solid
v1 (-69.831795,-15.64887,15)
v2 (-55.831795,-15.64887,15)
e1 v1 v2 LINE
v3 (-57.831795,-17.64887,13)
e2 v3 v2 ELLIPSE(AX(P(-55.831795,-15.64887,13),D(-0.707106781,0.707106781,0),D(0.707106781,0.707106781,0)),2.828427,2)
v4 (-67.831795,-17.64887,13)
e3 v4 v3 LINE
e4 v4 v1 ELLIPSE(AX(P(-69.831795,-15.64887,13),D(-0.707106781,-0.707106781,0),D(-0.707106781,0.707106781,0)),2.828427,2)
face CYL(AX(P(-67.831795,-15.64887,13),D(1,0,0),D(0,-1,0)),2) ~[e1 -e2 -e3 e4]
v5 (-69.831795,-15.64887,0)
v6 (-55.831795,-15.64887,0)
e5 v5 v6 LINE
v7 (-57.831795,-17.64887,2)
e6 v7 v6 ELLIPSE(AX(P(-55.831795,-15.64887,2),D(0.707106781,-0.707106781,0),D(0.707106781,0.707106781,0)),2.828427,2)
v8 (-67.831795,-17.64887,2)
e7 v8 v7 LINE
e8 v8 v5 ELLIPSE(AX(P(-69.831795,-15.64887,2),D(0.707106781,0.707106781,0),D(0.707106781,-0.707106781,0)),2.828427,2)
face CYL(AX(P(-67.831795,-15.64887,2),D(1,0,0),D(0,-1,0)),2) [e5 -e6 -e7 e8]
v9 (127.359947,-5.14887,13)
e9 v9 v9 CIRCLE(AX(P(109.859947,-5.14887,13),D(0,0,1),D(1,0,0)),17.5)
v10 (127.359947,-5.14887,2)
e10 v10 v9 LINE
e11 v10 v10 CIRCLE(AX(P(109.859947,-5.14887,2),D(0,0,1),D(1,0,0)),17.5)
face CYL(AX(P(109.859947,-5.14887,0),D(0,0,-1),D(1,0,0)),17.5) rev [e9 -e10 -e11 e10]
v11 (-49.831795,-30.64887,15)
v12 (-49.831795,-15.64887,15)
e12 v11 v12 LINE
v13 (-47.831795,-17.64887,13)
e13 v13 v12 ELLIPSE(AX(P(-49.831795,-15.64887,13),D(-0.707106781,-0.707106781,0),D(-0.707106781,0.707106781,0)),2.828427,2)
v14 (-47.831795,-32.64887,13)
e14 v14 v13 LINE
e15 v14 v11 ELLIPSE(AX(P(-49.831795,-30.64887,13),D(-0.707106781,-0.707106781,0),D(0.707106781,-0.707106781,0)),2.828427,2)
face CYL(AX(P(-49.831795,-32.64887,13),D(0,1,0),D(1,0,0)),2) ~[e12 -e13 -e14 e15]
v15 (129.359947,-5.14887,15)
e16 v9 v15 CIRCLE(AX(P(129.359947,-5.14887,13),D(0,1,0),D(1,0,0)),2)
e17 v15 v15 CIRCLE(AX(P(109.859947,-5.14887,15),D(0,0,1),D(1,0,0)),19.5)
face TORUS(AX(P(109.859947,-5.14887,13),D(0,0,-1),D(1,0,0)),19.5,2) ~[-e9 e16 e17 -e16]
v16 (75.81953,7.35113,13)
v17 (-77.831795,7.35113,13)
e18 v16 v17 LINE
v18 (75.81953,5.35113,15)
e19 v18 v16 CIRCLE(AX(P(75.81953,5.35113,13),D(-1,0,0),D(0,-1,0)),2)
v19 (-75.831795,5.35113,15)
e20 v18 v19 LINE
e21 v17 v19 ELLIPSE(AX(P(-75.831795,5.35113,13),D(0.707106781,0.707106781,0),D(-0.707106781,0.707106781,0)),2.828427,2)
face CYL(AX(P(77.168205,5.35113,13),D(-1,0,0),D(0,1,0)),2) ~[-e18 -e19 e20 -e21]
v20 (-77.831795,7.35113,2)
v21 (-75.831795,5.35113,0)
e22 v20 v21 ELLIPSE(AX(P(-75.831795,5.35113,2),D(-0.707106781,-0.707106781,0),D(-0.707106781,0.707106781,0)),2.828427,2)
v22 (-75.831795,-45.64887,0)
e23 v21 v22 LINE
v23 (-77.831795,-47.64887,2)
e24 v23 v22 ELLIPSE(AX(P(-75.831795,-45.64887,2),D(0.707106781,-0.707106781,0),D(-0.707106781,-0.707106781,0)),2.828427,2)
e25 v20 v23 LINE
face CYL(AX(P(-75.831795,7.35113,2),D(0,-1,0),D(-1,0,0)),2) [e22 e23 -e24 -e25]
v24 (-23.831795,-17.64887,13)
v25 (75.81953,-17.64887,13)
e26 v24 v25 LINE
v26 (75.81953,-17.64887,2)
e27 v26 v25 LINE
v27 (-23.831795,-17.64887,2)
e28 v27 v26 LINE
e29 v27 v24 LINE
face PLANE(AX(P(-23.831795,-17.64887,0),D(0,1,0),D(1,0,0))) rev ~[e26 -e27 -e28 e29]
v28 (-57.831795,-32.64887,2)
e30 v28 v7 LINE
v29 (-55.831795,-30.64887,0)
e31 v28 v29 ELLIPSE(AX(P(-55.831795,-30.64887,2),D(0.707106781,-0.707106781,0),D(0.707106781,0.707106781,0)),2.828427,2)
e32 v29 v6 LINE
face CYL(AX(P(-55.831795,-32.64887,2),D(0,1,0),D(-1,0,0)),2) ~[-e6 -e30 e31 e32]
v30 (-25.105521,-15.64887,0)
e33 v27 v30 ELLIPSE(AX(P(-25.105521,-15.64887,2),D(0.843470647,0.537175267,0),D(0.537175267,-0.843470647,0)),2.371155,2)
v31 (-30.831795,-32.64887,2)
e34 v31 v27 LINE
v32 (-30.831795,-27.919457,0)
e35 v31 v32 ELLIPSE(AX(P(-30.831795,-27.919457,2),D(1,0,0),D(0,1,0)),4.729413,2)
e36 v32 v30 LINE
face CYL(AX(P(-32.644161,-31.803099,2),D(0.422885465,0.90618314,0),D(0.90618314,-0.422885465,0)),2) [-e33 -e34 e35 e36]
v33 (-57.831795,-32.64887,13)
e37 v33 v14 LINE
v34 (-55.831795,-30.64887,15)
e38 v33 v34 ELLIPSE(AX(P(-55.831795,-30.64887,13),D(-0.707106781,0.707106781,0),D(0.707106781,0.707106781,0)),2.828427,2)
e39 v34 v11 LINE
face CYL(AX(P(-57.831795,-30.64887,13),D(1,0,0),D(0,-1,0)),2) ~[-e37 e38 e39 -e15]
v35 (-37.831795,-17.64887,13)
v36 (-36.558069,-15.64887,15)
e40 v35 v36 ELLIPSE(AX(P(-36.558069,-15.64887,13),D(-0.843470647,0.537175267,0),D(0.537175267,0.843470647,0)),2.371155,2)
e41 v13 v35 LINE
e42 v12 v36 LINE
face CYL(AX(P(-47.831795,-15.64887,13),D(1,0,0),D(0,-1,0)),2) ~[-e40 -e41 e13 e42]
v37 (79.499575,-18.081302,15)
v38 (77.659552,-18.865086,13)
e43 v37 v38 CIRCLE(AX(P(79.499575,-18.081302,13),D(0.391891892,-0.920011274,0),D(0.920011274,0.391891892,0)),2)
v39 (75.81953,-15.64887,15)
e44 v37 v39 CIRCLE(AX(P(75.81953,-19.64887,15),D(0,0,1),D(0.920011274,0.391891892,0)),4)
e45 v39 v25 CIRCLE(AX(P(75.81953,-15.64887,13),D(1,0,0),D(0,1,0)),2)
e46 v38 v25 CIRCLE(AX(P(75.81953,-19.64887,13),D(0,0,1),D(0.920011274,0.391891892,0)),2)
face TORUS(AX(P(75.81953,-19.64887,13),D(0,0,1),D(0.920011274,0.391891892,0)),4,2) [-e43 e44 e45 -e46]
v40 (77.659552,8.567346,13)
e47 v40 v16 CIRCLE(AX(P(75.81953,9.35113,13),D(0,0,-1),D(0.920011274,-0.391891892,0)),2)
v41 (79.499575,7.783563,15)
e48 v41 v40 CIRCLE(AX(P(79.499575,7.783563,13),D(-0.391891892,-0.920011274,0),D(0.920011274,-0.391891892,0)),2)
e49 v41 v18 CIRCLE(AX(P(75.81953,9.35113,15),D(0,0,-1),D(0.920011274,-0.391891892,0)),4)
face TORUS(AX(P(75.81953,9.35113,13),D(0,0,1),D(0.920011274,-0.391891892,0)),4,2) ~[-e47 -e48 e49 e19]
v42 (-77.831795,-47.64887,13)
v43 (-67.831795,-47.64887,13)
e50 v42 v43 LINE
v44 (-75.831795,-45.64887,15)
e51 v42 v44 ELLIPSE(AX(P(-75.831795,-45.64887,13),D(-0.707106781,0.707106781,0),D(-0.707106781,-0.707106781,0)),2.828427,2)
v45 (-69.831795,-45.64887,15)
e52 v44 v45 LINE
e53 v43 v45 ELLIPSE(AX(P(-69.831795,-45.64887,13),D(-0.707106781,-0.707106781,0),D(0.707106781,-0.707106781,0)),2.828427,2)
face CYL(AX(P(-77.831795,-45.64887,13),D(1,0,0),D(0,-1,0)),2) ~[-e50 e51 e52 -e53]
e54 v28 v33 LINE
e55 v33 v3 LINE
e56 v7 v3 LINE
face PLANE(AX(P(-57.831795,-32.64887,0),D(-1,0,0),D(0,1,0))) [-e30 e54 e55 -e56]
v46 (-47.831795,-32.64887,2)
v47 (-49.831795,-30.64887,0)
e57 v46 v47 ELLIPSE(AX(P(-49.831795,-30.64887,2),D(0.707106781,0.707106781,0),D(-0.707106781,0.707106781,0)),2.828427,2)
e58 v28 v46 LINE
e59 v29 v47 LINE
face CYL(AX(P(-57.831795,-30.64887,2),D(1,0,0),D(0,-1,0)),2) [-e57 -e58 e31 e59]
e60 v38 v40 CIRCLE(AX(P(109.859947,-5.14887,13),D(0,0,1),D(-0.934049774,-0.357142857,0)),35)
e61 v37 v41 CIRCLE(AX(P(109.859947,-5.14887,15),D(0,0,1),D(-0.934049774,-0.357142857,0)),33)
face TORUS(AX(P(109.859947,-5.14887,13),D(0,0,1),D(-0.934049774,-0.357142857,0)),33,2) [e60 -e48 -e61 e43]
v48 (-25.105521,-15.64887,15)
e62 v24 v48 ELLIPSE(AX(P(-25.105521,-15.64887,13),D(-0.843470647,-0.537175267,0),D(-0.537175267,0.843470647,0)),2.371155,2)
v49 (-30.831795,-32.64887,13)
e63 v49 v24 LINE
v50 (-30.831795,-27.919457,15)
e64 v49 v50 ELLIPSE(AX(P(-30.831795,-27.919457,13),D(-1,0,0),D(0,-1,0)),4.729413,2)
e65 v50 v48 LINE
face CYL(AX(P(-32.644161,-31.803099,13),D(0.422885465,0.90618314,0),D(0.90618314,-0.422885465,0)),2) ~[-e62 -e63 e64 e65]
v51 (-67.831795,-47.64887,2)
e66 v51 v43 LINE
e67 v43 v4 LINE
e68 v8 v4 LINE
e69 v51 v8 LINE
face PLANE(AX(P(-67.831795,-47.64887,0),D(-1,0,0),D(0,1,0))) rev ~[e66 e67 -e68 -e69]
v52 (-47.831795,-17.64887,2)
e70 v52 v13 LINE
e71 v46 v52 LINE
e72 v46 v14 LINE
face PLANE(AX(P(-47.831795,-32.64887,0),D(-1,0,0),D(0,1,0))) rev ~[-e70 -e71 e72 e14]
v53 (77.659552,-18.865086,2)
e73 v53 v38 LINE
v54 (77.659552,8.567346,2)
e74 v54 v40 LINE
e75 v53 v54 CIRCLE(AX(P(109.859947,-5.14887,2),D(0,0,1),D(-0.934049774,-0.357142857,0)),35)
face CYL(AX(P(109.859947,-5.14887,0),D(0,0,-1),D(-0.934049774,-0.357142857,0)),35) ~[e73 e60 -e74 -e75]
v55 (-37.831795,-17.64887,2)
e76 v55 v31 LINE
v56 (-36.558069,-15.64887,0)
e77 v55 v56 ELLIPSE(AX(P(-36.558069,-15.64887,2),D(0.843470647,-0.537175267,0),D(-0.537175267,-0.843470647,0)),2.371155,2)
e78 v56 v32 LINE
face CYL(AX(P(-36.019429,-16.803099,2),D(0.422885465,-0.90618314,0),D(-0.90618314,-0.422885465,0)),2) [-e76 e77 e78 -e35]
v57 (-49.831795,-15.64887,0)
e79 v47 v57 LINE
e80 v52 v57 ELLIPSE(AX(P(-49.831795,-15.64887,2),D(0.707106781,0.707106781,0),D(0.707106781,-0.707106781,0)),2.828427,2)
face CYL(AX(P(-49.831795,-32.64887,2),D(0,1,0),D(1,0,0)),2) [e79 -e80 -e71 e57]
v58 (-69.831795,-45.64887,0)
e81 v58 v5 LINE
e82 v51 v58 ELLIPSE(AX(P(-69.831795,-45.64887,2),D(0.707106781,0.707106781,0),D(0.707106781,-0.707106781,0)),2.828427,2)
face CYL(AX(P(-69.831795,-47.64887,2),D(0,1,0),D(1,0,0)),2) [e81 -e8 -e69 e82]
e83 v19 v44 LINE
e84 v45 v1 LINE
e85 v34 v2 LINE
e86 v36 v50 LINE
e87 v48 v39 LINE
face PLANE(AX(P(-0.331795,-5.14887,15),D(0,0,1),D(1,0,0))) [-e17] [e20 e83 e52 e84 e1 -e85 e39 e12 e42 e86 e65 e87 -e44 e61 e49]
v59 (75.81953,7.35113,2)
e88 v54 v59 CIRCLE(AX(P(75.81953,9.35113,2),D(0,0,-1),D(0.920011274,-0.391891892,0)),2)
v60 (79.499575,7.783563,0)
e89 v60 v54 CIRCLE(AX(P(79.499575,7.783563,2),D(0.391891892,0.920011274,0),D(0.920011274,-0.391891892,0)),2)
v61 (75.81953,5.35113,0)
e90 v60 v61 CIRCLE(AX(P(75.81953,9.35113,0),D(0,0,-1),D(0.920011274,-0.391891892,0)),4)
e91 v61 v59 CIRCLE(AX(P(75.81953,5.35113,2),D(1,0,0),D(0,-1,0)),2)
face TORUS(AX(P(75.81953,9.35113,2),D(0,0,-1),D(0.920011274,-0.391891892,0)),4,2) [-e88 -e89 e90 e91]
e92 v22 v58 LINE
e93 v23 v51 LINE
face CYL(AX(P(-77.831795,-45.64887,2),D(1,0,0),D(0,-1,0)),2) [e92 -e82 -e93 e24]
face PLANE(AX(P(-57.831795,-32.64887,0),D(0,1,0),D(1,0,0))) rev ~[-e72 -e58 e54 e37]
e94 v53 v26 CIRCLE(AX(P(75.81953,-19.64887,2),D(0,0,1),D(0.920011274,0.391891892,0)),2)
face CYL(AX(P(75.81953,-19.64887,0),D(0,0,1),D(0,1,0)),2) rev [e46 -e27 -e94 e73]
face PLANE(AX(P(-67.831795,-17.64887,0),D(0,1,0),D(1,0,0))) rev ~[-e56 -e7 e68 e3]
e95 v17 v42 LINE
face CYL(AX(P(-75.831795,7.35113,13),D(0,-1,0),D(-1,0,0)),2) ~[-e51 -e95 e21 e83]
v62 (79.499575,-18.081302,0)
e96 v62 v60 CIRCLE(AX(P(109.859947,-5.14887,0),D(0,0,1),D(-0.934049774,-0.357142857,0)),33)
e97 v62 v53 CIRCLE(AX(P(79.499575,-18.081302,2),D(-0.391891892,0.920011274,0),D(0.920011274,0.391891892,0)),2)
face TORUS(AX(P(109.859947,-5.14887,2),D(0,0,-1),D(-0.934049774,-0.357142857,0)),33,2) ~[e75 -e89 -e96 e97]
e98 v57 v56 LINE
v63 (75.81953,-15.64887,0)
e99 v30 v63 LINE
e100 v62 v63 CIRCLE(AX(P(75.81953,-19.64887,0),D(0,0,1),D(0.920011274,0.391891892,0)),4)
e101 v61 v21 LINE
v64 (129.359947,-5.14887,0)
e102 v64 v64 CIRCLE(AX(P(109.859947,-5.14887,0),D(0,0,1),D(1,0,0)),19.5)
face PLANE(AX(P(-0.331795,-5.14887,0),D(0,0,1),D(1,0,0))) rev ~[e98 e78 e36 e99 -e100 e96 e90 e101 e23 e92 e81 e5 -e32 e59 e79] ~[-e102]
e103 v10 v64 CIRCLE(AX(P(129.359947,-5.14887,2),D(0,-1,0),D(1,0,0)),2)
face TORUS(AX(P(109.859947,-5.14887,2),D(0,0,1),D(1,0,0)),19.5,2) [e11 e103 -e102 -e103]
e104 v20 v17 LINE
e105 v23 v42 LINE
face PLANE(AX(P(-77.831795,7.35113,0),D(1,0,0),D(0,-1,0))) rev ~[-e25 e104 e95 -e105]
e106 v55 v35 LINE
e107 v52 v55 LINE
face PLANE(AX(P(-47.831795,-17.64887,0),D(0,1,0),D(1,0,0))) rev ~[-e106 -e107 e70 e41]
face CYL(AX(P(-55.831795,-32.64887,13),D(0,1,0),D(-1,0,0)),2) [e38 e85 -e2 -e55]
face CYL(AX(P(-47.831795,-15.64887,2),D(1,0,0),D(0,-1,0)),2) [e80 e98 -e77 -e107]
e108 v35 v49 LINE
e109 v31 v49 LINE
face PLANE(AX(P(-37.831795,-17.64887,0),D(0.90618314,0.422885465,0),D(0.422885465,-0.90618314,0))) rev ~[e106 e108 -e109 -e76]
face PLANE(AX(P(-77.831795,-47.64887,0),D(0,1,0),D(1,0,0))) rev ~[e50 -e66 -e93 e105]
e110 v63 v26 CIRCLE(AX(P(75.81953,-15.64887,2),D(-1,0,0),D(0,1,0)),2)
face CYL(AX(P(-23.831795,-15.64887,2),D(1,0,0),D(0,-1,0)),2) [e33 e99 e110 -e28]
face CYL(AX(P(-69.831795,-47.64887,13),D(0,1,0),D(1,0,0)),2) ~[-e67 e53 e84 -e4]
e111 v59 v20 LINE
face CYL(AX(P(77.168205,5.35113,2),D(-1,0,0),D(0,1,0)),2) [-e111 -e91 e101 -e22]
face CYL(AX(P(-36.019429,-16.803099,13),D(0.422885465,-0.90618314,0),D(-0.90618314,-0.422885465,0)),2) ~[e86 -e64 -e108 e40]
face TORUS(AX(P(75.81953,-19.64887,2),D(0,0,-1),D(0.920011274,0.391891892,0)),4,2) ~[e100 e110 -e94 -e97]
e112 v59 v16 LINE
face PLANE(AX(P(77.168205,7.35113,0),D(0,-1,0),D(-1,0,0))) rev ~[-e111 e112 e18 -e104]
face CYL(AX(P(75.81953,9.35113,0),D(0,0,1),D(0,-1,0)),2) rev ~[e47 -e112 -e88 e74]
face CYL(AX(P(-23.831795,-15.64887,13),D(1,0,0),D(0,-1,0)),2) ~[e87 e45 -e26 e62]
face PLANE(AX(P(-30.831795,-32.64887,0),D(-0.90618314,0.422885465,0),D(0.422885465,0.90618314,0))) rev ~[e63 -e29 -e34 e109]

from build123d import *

# Parameters (mm, degrees)
F0_W     = 10
F0_H     = 15
F0_R     = 17.5
F0_H_2   = 30
F1_DEPTH = 15
F2_R     = 2


with BuildPart() as f1:
    # F0 (on Top) → F1 (new body)
    with BuildSketch(Plane.XY):
        Polygon((77.1682048372, 7.3511302126), (-77.8317951628, 7.3511302126), (-77.8317951628, -17.6488697874), (-67.8317951628, -17.6488697874), (-57.8317951628, -17.6488697874), (-47.8317951628, -17.6488697874), (-37.8317951628, -17.6488697874), (-23.8317951628, -17.6488697874), (77.1682048372, -17.6488697874), align=None)
        with Locations((-52.8317951628, -25.1488697874)):
            Rectangle(F0_W, F0_H)
        Polygon((-30.8317951628, -32.6488697874), (-23.8317951628, -17.6488697874), (-37.8317951628, -17.6488697874), align=None)
        with BuildLine():
            ThreePointArc((77.1682048372, -17.6488697874), (144.8599469138, -5.1488697874), (77.1682048372, 7.3511302126))
            Line((77.1682048372, 7.3511302126), (77.1682048372, -17.6488697874))
        make_face()
        with Locations((109.8599469138, -5.1488697874)):
            Circle(F0_R, mode=Mode.SUBTRACT)
        with Locations((-72.8317951628, -32.6488697874)):
            Rectangle(F0_W, F0_H_2)
    extrude(amount=F1_DEPTH)

    # F2
    f2_edges = [f1.edges().sort_by_distance(p)[0] for p in [
        (-0.331795, 7.35113, 0),
        (26.668205, -17.64887, 0),
        (-27.331795, -25.14887, 0),
        (-34.331795, -25.14887, 0),
        (-42.831795, -17.64887, 0),
        (-47.831795, -25.14887, 0),
        (-52.831795, -32.64887, 0),
        (-77.831795, -20.14887, 0),
        (-62.831795, -17.64887, 0),
        (-57.831795, -25.14887, 0),
        (-72.831795, -47.64887, 0),
        (-67.831795, -32.64887, 0),
        (77.168205, -17.64887, 7.5),
        (77.168205, 7.35113, 7.5),
        (144.859947, -5.14887, 0),
        (144.859947, -5.14887, 15),
        (92.359947, -5.14887, 0),
        (-0.331795, 7.35113, 15),
        (-77.831795, -20.14887, 15),
        (-72.831795, -47.64887, 15),
        (-67.831795, -32.64887, 15),
        (-62.831795, -17.64887, 15),
        (-57.831795, -25.14887, 15),
        (-52.831795, -32.64887, 15),
        (-47.831795, -25.14887, 15),
        (-42.831795, -17.64887, 15),
        (-34.331795, -25.14887, 15),
        (-27.331795, -25.14887, 15),
        (26.668205, -17.64887, 15),
        (92.359947, -5.14887, 15),
    ]]
    fillet(f2_edges, radius=F2_R)


solid = f1.part
